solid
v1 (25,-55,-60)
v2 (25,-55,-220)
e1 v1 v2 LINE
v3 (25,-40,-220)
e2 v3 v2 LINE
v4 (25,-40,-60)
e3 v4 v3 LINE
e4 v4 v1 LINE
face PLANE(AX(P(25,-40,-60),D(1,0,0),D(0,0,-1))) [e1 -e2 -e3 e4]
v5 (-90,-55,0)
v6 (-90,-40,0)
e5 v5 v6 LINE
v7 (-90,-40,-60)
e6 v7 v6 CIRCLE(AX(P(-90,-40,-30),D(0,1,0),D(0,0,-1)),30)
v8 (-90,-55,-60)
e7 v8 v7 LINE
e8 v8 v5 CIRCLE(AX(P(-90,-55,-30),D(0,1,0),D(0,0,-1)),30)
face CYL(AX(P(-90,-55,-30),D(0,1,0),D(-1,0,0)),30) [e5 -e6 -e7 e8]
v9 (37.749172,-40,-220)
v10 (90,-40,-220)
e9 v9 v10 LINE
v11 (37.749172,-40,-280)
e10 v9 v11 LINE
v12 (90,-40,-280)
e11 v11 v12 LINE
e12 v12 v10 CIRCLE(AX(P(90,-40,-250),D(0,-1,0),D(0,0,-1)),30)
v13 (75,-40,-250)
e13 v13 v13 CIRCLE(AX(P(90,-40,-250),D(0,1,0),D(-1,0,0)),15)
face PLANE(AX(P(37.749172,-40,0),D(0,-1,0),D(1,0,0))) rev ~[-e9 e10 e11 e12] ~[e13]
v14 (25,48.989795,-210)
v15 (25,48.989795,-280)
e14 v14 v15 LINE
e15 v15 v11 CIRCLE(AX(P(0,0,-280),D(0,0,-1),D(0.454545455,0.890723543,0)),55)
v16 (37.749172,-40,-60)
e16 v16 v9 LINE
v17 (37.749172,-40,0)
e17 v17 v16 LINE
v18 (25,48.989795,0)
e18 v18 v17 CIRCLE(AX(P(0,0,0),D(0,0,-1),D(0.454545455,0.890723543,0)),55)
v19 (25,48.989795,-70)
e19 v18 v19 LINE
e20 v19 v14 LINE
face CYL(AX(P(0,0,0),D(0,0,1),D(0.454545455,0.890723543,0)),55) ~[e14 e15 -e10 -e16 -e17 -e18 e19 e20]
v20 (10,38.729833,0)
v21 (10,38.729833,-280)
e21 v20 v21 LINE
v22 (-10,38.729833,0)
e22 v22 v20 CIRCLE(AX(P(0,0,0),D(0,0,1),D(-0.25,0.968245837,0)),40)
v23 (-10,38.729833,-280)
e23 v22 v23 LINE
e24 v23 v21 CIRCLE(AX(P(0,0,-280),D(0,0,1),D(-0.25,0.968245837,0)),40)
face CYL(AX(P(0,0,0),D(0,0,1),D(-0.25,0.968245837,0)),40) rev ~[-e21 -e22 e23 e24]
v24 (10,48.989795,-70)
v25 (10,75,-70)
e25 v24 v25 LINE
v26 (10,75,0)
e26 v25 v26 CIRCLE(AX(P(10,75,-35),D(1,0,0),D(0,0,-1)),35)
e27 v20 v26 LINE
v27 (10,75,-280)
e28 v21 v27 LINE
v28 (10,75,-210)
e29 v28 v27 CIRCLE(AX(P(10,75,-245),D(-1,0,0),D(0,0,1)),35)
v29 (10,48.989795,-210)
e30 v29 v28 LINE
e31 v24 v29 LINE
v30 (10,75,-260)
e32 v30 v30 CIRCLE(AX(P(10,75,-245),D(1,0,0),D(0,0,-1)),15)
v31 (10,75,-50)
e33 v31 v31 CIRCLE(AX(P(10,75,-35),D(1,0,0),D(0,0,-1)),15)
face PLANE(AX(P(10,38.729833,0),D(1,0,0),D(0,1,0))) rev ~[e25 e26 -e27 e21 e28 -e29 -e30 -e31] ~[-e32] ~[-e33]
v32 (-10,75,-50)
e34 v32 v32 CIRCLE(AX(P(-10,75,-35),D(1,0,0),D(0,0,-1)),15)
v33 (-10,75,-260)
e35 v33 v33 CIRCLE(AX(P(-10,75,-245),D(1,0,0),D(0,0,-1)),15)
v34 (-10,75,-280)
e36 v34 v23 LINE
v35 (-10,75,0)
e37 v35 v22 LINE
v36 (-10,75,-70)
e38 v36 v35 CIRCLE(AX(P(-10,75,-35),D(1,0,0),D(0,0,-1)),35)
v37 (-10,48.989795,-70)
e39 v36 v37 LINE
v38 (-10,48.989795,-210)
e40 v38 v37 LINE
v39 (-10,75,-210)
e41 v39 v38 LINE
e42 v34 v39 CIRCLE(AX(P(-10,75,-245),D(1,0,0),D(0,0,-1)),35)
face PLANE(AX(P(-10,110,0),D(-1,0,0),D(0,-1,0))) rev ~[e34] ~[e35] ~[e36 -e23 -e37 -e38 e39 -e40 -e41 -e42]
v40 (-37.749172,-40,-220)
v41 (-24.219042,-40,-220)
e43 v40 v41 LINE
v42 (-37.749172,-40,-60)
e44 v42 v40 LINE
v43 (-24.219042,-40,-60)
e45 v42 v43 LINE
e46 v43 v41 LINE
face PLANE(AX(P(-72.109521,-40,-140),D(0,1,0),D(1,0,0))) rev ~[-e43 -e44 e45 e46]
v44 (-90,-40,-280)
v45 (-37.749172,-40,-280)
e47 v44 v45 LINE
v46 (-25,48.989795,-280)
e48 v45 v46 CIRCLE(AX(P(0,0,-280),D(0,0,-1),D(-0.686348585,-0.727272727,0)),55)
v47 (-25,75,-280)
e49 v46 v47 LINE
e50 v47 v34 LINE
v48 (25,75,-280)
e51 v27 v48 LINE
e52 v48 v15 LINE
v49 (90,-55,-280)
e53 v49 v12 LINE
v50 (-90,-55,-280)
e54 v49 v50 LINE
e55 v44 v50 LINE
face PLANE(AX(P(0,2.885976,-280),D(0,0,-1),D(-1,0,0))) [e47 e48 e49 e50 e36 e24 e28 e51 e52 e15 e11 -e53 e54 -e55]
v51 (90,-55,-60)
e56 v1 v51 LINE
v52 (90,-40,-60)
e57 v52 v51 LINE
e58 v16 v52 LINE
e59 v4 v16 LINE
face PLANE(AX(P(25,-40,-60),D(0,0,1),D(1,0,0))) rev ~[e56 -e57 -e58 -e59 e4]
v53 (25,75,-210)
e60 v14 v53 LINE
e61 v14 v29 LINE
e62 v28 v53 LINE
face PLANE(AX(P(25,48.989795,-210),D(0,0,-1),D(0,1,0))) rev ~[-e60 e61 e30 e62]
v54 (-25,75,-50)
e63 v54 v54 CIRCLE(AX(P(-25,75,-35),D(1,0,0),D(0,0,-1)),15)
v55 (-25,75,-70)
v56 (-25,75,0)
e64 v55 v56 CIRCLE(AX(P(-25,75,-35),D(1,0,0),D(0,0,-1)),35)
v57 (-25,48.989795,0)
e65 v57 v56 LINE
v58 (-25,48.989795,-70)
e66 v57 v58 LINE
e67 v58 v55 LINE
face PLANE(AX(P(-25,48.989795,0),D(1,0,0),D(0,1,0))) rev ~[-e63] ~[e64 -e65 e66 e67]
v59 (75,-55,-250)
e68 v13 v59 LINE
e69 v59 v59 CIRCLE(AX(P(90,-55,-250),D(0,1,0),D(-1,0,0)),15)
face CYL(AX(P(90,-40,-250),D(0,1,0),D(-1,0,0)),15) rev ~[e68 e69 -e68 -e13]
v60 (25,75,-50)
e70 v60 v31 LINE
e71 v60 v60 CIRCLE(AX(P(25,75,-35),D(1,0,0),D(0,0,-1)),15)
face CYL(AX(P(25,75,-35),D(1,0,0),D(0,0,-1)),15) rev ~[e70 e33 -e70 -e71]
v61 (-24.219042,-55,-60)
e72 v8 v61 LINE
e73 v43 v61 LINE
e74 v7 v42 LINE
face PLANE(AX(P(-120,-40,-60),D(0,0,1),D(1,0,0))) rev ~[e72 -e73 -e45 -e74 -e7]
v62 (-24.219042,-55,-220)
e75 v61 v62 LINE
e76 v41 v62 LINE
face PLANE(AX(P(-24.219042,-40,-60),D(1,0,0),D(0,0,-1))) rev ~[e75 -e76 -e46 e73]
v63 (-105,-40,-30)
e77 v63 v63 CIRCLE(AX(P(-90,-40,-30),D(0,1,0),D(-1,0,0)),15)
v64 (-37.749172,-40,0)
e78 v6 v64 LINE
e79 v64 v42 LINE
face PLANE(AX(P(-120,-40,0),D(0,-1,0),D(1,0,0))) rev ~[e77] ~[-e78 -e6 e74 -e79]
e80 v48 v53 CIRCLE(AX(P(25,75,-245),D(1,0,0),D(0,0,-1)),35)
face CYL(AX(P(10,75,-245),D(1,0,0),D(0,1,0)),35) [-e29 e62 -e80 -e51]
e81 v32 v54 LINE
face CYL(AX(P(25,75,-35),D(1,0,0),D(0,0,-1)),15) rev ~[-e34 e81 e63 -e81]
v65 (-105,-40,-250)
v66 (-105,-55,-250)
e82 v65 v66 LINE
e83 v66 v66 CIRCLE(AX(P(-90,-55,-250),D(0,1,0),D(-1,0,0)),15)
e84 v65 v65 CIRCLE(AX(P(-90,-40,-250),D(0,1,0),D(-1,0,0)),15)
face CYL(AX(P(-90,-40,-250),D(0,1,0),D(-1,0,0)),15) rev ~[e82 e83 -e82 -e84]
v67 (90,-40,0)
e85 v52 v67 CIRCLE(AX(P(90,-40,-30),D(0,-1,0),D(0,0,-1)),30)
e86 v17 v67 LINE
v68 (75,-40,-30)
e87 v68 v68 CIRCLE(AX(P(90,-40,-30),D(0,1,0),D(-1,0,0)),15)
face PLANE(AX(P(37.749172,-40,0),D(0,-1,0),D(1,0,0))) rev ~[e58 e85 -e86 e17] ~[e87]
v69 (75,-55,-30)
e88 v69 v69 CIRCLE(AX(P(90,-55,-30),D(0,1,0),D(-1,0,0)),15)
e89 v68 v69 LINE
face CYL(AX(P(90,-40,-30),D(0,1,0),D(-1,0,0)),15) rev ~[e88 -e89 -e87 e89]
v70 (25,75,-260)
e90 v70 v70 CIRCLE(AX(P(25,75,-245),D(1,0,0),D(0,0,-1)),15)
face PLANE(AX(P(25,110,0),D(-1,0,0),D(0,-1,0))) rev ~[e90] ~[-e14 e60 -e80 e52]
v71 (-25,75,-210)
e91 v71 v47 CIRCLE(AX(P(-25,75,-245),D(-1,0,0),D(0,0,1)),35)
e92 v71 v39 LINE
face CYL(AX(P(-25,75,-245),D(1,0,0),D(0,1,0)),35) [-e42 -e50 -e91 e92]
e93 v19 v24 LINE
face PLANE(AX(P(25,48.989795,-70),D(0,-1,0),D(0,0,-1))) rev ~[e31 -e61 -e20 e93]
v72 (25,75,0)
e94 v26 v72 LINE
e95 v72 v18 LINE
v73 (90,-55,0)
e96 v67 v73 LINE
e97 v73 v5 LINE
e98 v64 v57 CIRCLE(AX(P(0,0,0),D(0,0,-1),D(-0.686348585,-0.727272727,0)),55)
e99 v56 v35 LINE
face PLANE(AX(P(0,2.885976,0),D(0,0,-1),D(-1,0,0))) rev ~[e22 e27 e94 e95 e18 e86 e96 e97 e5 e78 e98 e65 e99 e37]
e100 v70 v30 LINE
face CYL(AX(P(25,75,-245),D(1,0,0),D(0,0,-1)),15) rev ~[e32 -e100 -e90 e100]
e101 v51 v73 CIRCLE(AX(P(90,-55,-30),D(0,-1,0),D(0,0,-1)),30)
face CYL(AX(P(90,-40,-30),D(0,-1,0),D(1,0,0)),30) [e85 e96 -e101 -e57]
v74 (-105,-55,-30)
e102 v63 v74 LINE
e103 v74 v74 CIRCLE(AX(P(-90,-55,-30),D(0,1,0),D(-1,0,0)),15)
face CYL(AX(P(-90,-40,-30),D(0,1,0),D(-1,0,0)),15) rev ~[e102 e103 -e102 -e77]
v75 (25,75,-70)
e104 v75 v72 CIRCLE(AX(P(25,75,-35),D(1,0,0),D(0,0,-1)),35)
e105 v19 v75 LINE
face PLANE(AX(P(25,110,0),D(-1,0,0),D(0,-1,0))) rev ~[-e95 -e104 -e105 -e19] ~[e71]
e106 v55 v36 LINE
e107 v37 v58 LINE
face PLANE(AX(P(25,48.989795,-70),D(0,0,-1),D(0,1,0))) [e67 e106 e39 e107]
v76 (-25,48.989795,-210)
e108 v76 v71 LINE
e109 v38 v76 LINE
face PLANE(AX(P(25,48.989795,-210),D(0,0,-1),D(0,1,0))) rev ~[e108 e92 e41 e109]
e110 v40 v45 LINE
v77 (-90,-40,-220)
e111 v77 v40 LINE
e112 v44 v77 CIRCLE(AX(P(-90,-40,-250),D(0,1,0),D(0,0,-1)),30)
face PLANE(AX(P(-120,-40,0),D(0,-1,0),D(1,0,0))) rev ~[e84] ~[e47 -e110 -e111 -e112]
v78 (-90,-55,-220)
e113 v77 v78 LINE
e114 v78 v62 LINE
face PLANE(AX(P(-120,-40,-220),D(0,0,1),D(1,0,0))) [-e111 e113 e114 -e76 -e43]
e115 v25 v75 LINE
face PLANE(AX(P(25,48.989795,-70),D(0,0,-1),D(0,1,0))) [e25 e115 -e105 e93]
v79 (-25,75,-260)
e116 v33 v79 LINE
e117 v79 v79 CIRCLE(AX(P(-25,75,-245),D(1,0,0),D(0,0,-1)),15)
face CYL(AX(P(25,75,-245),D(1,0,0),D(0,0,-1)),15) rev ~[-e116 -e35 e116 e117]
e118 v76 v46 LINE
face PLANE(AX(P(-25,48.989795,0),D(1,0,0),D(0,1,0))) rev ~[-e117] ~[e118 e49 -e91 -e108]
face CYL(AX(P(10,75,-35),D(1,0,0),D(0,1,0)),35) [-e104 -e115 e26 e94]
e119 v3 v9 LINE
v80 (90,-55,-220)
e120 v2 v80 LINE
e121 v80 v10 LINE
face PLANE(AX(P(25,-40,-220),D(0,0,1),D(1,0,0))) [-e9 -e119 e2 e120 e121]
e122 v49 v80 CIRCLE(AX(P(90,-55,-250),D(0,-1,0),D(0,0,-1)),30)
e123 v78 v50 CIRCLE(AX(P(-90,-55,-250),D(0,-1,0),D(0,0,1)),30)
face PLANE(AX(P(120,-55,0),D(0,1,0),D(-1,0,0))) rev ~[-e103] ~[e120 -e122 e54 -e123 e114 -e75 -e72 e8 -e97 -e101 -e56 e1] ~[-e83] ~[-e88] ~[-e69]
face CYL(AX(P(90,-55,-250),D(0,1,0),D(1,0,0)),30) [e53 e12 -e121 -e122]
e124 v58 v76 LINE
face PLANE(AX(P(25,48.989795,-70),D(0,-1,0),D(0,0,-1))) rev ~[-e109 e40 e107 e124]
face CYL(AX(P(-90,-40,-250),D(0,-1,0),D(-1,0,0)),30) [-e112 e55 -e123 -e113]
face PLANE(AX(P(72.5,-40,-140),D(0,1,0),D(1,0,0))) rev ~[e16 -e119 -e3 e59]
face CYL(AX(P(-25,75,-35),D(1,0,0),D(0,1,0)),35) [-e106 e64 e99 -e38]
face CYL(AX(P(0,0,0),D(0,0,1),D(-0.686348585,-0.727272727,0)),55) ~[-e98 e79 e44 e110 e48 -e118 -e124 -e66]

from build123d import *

# Parameters (mm, degrees)
BOSS_EXTRUDE1_DEPTH = 280
SKETCH5_W           = 95
SKETCH5_H           = 160
SKETCH5_W_2         = 95.780958046
CUT_EXTRUDE9_DEPTH  = 280
FILLET1_RADIUS      = 30
FILLET1_LENGTH      = 15
FILLET2_RADIUS      = 30
FILLET2_LENGTH      = 15
FILLET3_RADIUS      = 30
FILLET3_LENGTH      = 15
FILLET4_RADIUS      = 30
FILLET4_LENGTH      = 15
SKETCH7_R           = 15
CUT_EXTRUDE10_DEPTH = 280
SKETCH8_W           = 140
SKETCH8_H           = 61.010205144
CUT_EXTRUDE11_DEPTH = 280
FILLET5_RADIUS      = 35
FILLET5_LENGTH      = 15
FILLET6_RADIUS      = 35
FILLET6_LENGTH      = 15
FILLET7_RADIUS      = 35
FILLET7_LENGTH      = 15
FILLET8_RADIUS      = 35
FILLET8_LENGTH      = 15
SKETCH9_R           = 15
CUT_EXTRUDE12_DEPTH = 280


with BuildPart() as part:
    # Sketch1 → Boss-Extrude1 (new body)
    with BuildSketch(Plane.XY):
        with BuildLine():
            Line((-120, -40), (-37.749172176, -40))
            ThreePointArc((-37.749172176, -40), (-54.444104817, 7.799964787), (-25, 48.989794856))
            Line((-25, 48.989794856), (-25, 110))
            Line((-25, 110), (-10, 110))
            Line((-10, 110), (-10, 38.729833462))
            ThreePointArc((-10, 38.729833462), (0, -40), (10, 38.729833462))
            Line((10, 38.729833462), (10, 110))
            Line((10, 110), (25, 110))
            Line((25, 110), (25, 48.989794856))
            ThreePointArc((25, 48.989794856), (54.444104817, 7.799964787), (37.749172176, -40))
            Line((37.749172176, -40), (120, -40))
            Line((120, -40), (120, -55))
            Line((120, -55), (-120, -55))
            Line((-120, -55), (-120, -40))
        make_face()
    extrude(amount=-BOSS_EXTRUDE1_DEPTH)

    # Sketch5 → Cut-Extrude9 (cut)
    with BuildSketch(Plane(origin=(0, -40, 0), x_dir=(1, 0, 0), z_dir=(0, 1, 0))):
        with Locations((72.5, 140)):
            Rectangle(SKETCH5_W, SKETCH5_H)
        with Locations((-72.109520977, 140)):
            Rectangle(SKETCH5_W_2, SKETCH5_H)
    extrude(amount=-CUT_EXTRUDE9_DEPTH, mode=Mode.SUBTRACT)

    # Fillet1: full round fillet: the end face becomes a half cylinder, R = half its width
    fillet1_face = Plane((-120, -47.5, -250), x_dir=(0, -1, 0), z_dir=(-1, 0, 0))  # on the end face: x along it, z out of the body
    fillet1_slab = fillet1_face.offset(-FILLET1_RADIUS / 2) * Box(FILLET1_LENGTH, 2 * FILLET1_RADIUS, FILLET1_RADIUS, mode=Mode.PRIVATE)  # the body's end, R deep
    fillet1_round = Plane((-90, -47.5, -250), x_dir=(-1, 0, 0), z_dir=(0, -1, 0)) * Cylinder(FILLET1_RADIUS, FILLET1_LENGTH, mode=Mode.PRIVATE)  # its axis R under the face
    add(fillet1_slab - fillet1_round, mode=Mode.SUBTRACT)

    # Fillet2: full round fillet: the end face becomes a half cylinder, R = half its width
    fillet2_face = Plane((-120, -47.5, -30), x_dir=(0, 1, 0), z_dir=(-1, 0, 0))  # on the end face: x along it, z out of the body
    fillet2_slab = fillet2_face.offset(-FILLET2_RADIUS / 2) * Box(FILLET2_LENGTH, 2 * FILLET2_RADIUS, FILLET2_RADIUS, mode=Mode.PRIVATE)  # the body's end, R deep
    fillet2_round = Plane((-90, -47.5, -30), x_dir=(-1, 0, 0), z_dir=(0, 1, 0)) * Cylinder(FILLET2_RADIUS, FILLET2_LENGTH, mode=Mode.PRIVATE)  # its axis R under the face
    add(fillet2_slab - fillet2_round, mode=Mode.SUBTRACT)

    # Fillet3: full round fillet: the end face becomes a half cylinder, R = half its width
    fillet3_face = Plane((120, -47.5, -250), x_dir=(0, 1, 0), z_dir=(1, 0, 0))  # on the end face: x along it, z out of the body
    fillet3_slab = fillet3_face.offset(-FILLET3_RADIUS / 2) * Box(FILLET3_LENGTH, 2 * FILLET3_RADIUS, FILLET3_RADIUS, mode=Mode.PRIVATE)  # the body's end, R deep
    fillet3_round = Plane((90, -47.5, -250), x_dir=(1, 0, 0), z_dir=(0, 1, 0)) * Cylinder(FILLET3_RADIUS, FILLET3_LENGTH, mode=Mode.PRIVATE)  # its axis R under the face
    add(fillet3_slab - fillet3_round, mode=Mode.SUBTRACT)

    # Fillet4: full round fillet: the end face becomes a half cylinder, R = half its width
    fillet4_face = Plane((120, -47.5, -30), x_dir=(0, -1, 0), z_dir=(1, 0, 0))  # on the end face: x along it, z out of the body
    fillet4_slab = fillet4_face.offset(-FILLET4_RADIUS / 2) * Box(FILLET4_LENGTH, 2 * FILLET4_RADIUS, FILLET4_RADIUS, mode=Mode.PRIVATE)  # the body's end, R deep
    fillet4_round = Plane((90, -47.5, -30), x_dir=(1, 0, 0), z_dir=(0, -1, 0)) * Cylinder(FILLET4_RADIUS, FILLET4_LENGTH, mode=Mode.PRIVATE)  # its axis R under the face
    add(fillet4_slab - fillet4_round, mode=Mode.SUBTRACT)

    # Sketch7 → Cut-Extrude10 (cut)
    with BuildSketch(Plane(origin=(0, -40, 0), x_dir=(1, 0, 0), z_dir=(0, 1, 0))):
        with Locations(Location((-90, 250, 0), (0, 0, 180))):
            Circle(SKETCH7_R)
        with Locations(Location((90, 250, 0), (0, 0, 180))):
            Circle(SKETCH7_R)
        with Locations(Location((90, 30, 0), (0, 0, 180))):
            Circle(SKETCH7_R)
        with Locations(Location((-90, 30, 0), (0, 0, 180))):
            Circle(SKETCH7_R)
    extrude(amount=-CUT_EXTRUDE10_DEPTH, mode=Mode.SUBTRACT)

    # Sketch8 → Cut-Extrude11 (cut)
    with BuildSketch(Plane(origin=(25, 0, 0), x_dir=(0, 0, -1), z_dir=(1, 0, 0))):
        with Locations((140, 79.494897428)):
            Rectangle(SKETCH8_W, SKETCH8_H)
    extrude(amount=-CUT_EXTRUDE11_DEPTH, mode=Mode.SUBTRACT)

    # Fillet5: full round fillet: the end face becomes a half cylinder, R = half its width
    fillet5_face = Plane((17.5, 110, -35), x_dir=(1, 0, 0), z_dir=(0, 1, 0))  # on the end face: x along it, z out of the body
    fillet5_slab = fillet5_face.offset(-FILLET5_RADIUS / 2) * Box(FILLET5_LENGTH, 2 * FILLET5_RADIUS, FILLET5_RADIUS, mode=Mode.PRIVATE)  # the body's end, R deep
    fillet5_round = Plane((17.5, 75, -35), x_dir=(0, 1, 0), z_dir=(1, 0, 0)) * Cylinder(FILLET5_RADIUS, FILLET5_LENGTH, mode=Mode.PRIVATE)  # its axis R under the face
    add(fillet5_slab - fillet5_round, mode=Mode.SUBTRACT)

    # Fillet6: full round fillet: the end face becomes a half cylinder, R = half its width
    fillet6_face = Plane((-17.5, 110, -35), x_dir=(1, 0, 0), z_dir=(0, 1, 0))  # on the end face: x along it, z out of the body
    fillet6_slab = fillet6_face.offset(-FILLET6_RADIUS / 2) * Box(FILLET6_LENGTH, 2 * FILLET6_RADIUS, FILLET6_RADIUS, mode=Mode.PRIVATE)  # the body's end, R deep
    fillet6_round = Plane((-17.5, 75, -35), x_dir=(0, 1, 0), z_dir=(1, 0, 0)) * Cylinder(FILLET6_RADIUS, FILLET6_LENGTH, mode=Mode.PRIVATE)  # its axis R under the face
    add(fillet6_slab - fillet6_round, mode=Mode.SUBTRACT)

    # Fillet7: full round fillet: the end face becomes a half cylinder, R = half its width
    fillet7_face = Plane((-17.5, 110, -245), x_dir=(1, 0, 0), z_dir=(0, 1, 0))  # on the end face: x along it, z out of the body
    fillet7_slab = fillet7_face.offset(-FILLET7_RADIUS / 2) * Box(FILLET7_LENGTH, 2 * FILLET7_RADIUS, FILLET7_RADIUS, mode=Mode.PRIVATE)  # the body's end, R deep
    fillet7_round = Plane((-17.5, 75, -245), x_dir=(0, 1, 0), z_dir=(1, 0, 0)) * Cylinder(FILLET7_RADIUS, FILLET7_LENGTH, mode=Mode.PRIVATE)  # its axis R under the face
    add(fillet7_slab - fillet7_round, mode=Mode.SUBTRACT)

    # Fillet8: full round fillet: the end face becomes a half cylinder, R = half its width
    fillet8_face = Plane((17.5, 110, -245), x_dir=(1, 0, 0), z_dir=(0, 1, 0))  # on the end face: x along it, z out of the body
    fillet8_slab = fillet8_face.offset(-FILLET8_RADIUS / 2) * Box(FILLET8_LENGTH, 2 * FILLET8_RADIUS, FILLET8_RADIUS, mode=Mode.PRIVATE)  # the body's end, R deep
    fillet8_round = Plane((17.5, 75, -245), x_dir=(0, 1, 0), z_dir=(1, 0, 0)) * Cylinder(FILLET8_RADIUS, FILLET8_LENGTH, mode=Mode.PRIVATE)  # its axis R under the face
    add(fillet8_slab - fillet8_round, mode=Mode.SUBTRACT)

    # Sketch9 → Cut-Extrude12 (cut)
    with BuildSketch(Plane(origin=(25, 0, 0), x_dir=(0, 0, -1), z_dir=(1, 0, 0))):
        with Locations((35, 75)):
            Circle(SKETCH9_R)
        with Locations((245, 75)):
            Circle(SKETCH9_R)
    extrude(amount=-CUT_EXTRUDE12_DEPTH, mode=Mode.SUBTRACT)


solid = part.part
